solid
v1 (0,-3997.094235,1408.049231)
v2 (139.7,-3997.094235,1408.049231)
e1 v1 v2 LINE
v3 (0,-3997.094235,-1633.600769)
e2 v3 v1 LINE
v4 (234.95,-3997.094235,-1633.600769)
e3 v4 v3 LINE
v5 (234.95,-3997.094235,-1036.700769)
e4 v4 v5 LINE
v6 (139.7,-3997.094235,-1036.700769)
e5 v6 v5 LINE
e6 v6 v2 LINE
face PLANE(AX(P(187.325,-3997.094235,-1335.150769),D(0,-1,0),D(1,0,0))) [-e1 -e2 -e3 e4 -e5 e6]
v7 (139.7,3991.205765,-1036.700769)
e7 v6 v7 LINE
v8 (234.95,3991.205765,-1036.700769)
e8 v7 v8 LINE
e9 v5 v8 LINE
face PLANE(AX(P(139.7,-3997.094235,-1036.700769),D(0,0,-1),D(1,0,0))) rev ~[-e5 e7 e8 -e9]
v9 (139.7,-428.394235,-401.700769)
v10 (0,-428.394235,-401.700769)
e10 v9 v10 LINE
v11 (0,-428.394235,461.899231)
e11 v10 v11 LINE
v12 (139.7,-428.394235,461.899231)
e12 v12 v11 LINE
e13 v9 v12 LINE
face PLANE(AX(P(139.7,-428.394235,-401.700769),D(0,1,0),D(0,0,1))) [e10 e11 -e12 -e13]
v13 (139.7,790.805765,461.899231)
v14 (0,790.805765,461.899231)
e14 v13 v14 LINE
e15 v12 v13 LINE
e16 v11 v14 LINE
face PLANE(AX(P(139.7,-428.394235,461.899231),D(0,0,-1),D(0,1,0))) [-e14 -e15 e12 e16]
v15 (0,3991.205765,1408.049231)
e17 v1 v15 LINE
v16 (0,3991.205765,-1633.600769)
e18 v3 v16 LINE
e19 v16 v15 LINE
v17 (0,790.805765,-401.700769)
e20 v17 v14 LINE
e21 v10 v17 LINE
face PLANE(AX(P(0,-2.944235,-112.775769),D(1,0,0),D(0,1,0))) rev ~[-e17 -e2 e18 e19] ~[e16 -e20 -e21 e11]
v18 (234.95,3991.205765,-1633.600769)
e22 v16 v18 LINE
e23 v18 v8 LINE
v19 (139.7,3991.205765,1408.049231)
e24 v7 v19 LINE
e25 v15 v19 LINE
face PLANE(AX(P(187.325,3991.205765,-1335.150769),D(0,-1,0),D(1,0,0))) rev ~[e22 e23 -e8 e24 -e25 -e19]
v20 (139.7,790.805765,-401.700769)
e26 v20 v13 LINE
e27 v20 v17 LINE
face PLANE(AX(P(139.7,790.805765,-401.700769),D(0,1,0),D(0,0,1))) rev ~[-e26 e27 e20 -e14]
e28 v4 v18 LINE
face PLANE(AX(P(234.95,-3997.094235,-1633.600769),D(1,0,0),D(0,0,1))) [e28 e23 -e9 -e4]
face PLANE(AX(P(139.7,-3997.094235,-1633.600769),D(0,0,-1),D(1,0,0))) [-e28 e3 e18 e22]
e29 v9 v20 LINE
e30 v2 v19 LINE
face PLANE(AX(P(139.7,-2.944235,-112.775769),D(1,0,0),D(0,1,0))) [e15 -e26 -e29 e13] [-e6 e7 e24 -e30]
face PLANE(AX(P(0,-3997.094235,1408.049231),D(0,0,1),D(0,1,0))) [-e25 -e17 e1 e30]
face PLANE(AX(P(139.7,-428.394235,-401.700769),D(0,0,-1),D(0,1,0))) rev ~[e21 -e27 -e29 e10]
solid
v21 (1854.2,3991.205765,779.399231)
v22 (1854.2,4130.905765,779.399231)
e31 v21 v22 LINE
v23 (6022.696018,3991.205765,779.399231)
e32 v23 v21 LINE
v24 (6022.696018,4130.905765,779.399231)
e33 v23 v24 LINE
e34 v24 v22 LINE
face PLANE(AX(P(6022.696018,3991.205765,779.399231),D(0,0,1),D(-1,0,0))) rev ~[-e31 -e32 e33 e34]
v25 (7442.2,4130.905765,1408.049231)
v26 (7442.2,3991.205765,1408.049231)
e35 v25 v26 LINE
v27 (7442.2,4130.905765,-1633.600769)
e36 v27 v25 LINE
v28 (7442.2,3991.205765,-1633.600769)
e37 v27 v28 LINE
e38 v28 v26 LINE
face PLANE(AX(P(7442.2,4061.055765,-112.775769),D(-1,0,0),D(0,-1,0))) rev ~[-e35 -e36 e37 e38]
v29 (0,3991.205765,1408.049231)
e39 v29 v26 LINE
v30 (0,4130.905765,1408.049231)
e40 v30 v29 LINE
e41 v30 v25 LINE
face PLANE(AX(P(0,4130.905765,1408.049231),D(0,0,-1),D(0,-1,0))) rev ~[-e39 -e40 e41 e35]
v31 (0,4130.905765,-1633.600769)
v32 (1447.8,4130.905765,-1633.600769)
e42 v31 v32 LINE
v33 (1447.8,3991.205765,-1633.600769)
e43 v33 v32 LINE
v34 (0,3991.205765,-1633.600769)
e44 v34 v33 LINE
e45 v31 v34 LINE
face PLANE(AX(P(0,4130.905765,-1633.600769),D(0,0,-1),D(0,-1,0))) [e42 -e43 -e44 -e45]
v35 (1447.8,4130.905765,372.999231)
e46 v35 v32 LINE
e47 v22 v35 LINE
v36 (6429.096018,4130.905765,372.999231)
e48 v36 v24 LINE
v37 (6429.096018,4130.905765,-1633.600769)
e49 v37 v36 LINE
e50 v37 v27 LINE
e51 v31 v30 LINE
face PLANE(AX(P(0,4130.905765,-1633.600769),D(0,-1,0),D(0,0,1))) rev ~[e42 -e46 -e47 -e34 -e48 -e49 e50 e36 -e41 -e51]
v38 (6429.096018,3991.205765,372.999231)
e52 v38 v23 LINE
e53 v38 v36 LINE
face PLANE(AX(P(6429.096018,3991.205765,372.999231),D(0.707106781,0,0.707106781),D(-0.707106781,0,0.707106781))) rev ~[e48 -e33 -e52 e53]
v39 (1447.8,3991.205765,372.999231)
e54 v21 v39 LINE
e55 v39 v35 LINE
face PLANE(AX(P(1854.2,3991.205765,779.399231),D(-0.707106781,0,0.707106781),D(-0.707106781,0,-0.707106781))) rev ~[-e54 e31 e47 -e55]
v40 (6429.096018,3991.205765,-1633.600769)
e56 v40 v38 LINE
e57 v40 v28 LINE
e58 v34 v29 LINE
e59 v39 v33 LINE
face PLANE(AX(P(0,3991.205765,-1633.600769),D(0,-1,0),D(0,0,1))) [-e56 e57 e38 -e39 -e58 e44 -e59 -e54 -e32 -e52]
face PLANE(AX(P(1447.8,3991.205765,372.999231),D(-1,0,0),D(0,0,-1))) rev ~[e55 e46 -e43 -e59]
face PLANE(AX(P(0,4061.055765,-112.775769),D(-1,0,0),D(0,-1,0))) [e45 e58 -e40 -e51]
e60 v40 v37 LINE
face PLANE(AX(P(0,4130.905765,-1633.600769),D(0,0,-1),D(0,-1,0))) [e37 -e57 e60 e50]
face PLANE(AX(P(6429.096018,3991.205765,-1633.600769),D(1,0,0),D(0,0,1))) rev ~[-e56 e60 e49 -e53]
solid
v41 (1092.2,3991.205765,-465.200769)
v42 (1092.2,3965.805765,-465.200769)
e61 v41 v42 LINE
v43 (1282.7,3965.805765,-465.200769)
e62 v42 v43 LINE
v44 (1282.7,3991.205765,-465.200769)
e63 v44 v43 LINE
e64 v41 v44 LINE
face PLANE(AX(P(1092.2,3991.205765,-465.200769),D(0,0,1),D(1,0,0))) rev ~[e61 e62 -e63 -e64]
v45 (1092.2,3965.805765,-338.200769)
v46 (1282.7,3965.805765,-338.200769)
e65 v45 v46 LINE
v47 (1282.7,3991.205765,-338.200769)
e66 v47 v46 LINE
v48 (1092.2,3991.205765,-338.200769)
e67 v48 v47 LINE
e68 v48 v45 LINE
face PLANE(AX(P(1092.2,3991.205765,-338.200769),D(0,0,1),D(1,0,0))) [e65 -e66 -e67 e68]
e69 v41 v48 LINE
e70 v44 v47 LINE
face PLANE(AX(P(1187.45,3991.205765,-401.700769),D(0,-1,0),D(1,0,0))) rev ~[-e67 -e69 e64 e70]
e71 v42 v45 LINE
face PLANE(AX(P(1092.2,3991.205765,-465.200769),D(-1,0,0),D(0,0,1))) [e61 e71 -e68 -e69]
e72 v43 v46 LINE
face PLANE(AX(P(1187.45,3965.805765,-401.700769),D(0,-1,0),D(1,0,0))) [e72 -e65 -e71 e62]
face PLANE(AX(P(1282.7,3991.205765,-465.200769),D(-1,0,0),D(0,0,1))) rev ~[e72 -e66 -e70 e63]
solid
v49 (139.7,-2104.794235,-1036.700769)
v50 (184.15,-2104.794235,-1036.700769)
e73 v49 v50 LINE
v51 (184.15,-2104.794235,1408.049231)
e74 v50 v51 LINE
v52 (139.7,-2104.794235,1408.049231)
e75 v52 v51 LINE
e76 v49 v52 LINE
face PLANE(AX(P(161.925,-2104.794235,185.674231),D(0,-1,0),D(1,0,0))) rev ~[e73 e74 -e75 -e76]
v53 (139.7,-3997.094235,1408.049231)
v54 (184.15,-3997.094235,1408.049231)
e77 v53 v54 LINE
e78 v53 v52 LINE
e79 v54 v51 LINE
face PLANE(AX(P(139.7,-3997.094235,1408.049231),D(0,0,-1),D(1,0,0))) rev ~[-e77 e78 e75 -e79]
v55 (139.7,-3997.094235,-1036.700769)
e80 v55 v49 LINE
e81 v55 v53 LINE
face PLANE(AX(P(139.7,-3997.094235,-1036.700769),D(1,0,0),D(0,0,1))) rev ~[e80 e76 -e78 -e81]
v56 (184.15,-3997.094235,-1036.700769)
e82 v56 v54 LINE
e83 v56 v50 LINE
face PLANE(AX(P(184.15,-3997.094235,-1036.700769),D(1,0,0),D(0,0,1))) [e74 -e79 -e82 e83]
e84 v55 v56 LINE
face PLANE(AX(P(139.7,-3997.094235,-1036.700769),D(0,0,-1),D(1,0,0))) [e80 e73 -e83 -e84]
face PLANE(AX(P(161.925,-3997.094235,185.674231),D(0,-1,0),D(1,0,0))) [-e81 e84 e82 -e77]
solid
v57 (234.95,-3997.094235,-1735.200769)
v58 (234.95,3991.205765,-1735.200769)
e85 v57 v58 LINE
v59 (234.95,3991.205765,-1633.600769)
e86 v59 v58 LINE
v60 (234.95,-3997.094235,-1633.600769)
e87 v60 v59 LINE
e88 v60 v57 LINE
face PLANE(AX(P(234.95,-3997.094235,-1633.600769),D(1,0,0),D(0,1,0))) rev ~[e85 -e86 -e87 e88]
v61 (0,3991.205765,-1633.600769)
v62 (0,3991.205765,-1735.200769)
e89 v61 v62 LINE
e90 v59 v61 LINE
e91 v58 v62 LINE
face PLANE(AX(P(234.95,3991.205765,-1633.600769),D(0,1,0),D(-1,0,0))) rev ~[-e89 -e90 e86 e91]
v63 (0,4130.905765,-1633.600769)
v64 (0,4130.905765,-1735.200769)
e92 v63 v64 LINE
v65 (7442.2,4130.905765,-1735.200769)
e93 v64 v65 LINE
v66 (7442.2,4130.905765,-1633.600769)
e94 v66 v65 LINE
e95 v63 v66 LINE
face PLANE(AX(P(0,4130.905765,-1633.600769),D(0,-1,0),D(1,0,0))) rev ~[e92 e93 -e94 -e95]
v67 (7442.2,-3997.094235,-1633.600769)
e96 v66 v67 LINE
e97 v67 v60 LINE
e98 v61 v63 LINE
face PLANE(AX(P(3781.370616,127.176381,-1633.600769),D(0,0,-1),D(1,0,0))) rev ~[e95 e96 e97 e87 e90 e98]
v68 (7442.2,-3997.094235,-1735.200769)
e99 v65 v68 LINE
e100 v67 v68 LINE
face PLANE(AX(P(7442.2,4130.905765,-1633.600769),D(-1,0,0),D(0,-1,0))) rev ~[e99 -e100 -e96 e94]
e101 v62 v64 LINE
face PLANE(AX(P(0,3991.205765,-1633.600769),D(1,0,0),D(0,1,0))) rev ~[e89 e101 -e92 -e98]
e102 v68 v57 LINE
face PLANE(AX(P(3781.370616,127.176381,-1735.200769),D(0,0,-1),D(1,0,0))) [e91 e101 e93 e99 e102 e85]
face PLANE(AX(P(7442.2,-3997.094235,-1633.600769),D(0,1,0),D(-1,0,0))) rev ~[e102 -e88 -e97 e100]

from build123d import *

# Parameters (mm, degrees)
F0_W      = 7988.3
F0_H      = 3041.65
F1_DEPTH  = 139.7
F2_W      = 1219.2
F2_H      = 863.6
F3_DEPTH  = 139.7
F4_W      = 95.25
F4_H      = 596.9
F5_DEPTH  = 7988.3
F6_W      = 139.7
F6_H      = 3041.65
F7_DEPTH  = 7442.2
F9_DEPTH  = 139.7
F11_DEPTH = 101.6
F12_W     = 44.45
F12_H     = 2444.75
F13_DEPTH = 1892.3
F14_W     = 190.5
F14_H     = 127
F15_DEPTH = 25.4


with BuildPart() as f1:
    # F0 (on Right) → F1 (new body)
    with BuildSketch(Plane.YZ):
        with Locations((-2.944235, -112.775769)):
            Rectangle(F0_W, F0_H)
    extrude(amount=F1_DEPTH)

    # F2 (on face) → F3 (cut, through all)
    with BuildSketch(Plane.YZ.offset(139.7)):
        with Locations((181.205765, 30.099231)):
            Rectangle(F2_W, F2_H)
    extrude(amount=-F3_DEPTH, mode=Mode.SUBTRACT)

    # F4 (on face) → F5 (join, through all)
    with BuildSketch(Plane.XZ.offset(3997.094235)):
        with Locations((187.325, -1335.150769)):
            Rectangle(F4_W, F4_H)
    extrude(amount=-F5_DEPTH)


with BuildPart() as f7:
    # F6 (on face) → F7 (new body)
    with BuildSketch(Plane(origin=(0, 0, 0), x_dir=(0, -1, 0), z_dir=(-1, 0, 0))):
        with Locations((-4061.055765, -112.775769)):
            Rectangle(F6_W, F6_H)
    extrude(amount=-F7_DEPTH)

    # F8 (on face) → F9 (cut, through all)
    with BuildSketch(Plane.XZ.offset(-3991.205765)):
        Polygon((1447.8, 372.999231), (1447.8, -1633.600769), (6429.096018, -1633.600769), (6429.096018, 372.999231), (6022.696018, 779.399231), (1854.2, 779.399231), align=None)
    extrude(amount=-F9_DEPTH, mode=Mode.SUBTRACT)


with BuildPart() as f11:
    # F10 (on face) → F11 (new body)
    with BuildSketch(Plane(origin=(0, 0, -1633.600769), x_dir=(1, 0, 0), z_dir=(0, 0, -1))):
        Polygon((7442.2, 3997.094235), (234.95, 3997.094235), (234.95, -3991.205765), (0, -3991.205765), (0, -4130.905765), (7442.2, -4130.905765), align=None)
    extrude(amount=F11_DEPTH)


with BuildPart() as f13:
    # F12 (on face) → F13 (new body)
    with BuildSketch(Plane.XZ.offset(3997.094235)):
        with Locations((161.925, 185.674231)):
            Rectangle(F12_W, F12_H)
    extrude(amount=-F13_DEPTH)


with BuildPart() as f15:
    # F14 (on face) → F15 (new body)
    with BuildSketch(Plane.XZ.offset(-3991.205765)):
        with Locations((1187.45, -401.700769)):
            Rectangle(F14_W, F14_H)
    extrude(amount=F15_DEPTH)


solid = Compound([f1.part, f7.part, f11.part, f13.part, f15.part])
